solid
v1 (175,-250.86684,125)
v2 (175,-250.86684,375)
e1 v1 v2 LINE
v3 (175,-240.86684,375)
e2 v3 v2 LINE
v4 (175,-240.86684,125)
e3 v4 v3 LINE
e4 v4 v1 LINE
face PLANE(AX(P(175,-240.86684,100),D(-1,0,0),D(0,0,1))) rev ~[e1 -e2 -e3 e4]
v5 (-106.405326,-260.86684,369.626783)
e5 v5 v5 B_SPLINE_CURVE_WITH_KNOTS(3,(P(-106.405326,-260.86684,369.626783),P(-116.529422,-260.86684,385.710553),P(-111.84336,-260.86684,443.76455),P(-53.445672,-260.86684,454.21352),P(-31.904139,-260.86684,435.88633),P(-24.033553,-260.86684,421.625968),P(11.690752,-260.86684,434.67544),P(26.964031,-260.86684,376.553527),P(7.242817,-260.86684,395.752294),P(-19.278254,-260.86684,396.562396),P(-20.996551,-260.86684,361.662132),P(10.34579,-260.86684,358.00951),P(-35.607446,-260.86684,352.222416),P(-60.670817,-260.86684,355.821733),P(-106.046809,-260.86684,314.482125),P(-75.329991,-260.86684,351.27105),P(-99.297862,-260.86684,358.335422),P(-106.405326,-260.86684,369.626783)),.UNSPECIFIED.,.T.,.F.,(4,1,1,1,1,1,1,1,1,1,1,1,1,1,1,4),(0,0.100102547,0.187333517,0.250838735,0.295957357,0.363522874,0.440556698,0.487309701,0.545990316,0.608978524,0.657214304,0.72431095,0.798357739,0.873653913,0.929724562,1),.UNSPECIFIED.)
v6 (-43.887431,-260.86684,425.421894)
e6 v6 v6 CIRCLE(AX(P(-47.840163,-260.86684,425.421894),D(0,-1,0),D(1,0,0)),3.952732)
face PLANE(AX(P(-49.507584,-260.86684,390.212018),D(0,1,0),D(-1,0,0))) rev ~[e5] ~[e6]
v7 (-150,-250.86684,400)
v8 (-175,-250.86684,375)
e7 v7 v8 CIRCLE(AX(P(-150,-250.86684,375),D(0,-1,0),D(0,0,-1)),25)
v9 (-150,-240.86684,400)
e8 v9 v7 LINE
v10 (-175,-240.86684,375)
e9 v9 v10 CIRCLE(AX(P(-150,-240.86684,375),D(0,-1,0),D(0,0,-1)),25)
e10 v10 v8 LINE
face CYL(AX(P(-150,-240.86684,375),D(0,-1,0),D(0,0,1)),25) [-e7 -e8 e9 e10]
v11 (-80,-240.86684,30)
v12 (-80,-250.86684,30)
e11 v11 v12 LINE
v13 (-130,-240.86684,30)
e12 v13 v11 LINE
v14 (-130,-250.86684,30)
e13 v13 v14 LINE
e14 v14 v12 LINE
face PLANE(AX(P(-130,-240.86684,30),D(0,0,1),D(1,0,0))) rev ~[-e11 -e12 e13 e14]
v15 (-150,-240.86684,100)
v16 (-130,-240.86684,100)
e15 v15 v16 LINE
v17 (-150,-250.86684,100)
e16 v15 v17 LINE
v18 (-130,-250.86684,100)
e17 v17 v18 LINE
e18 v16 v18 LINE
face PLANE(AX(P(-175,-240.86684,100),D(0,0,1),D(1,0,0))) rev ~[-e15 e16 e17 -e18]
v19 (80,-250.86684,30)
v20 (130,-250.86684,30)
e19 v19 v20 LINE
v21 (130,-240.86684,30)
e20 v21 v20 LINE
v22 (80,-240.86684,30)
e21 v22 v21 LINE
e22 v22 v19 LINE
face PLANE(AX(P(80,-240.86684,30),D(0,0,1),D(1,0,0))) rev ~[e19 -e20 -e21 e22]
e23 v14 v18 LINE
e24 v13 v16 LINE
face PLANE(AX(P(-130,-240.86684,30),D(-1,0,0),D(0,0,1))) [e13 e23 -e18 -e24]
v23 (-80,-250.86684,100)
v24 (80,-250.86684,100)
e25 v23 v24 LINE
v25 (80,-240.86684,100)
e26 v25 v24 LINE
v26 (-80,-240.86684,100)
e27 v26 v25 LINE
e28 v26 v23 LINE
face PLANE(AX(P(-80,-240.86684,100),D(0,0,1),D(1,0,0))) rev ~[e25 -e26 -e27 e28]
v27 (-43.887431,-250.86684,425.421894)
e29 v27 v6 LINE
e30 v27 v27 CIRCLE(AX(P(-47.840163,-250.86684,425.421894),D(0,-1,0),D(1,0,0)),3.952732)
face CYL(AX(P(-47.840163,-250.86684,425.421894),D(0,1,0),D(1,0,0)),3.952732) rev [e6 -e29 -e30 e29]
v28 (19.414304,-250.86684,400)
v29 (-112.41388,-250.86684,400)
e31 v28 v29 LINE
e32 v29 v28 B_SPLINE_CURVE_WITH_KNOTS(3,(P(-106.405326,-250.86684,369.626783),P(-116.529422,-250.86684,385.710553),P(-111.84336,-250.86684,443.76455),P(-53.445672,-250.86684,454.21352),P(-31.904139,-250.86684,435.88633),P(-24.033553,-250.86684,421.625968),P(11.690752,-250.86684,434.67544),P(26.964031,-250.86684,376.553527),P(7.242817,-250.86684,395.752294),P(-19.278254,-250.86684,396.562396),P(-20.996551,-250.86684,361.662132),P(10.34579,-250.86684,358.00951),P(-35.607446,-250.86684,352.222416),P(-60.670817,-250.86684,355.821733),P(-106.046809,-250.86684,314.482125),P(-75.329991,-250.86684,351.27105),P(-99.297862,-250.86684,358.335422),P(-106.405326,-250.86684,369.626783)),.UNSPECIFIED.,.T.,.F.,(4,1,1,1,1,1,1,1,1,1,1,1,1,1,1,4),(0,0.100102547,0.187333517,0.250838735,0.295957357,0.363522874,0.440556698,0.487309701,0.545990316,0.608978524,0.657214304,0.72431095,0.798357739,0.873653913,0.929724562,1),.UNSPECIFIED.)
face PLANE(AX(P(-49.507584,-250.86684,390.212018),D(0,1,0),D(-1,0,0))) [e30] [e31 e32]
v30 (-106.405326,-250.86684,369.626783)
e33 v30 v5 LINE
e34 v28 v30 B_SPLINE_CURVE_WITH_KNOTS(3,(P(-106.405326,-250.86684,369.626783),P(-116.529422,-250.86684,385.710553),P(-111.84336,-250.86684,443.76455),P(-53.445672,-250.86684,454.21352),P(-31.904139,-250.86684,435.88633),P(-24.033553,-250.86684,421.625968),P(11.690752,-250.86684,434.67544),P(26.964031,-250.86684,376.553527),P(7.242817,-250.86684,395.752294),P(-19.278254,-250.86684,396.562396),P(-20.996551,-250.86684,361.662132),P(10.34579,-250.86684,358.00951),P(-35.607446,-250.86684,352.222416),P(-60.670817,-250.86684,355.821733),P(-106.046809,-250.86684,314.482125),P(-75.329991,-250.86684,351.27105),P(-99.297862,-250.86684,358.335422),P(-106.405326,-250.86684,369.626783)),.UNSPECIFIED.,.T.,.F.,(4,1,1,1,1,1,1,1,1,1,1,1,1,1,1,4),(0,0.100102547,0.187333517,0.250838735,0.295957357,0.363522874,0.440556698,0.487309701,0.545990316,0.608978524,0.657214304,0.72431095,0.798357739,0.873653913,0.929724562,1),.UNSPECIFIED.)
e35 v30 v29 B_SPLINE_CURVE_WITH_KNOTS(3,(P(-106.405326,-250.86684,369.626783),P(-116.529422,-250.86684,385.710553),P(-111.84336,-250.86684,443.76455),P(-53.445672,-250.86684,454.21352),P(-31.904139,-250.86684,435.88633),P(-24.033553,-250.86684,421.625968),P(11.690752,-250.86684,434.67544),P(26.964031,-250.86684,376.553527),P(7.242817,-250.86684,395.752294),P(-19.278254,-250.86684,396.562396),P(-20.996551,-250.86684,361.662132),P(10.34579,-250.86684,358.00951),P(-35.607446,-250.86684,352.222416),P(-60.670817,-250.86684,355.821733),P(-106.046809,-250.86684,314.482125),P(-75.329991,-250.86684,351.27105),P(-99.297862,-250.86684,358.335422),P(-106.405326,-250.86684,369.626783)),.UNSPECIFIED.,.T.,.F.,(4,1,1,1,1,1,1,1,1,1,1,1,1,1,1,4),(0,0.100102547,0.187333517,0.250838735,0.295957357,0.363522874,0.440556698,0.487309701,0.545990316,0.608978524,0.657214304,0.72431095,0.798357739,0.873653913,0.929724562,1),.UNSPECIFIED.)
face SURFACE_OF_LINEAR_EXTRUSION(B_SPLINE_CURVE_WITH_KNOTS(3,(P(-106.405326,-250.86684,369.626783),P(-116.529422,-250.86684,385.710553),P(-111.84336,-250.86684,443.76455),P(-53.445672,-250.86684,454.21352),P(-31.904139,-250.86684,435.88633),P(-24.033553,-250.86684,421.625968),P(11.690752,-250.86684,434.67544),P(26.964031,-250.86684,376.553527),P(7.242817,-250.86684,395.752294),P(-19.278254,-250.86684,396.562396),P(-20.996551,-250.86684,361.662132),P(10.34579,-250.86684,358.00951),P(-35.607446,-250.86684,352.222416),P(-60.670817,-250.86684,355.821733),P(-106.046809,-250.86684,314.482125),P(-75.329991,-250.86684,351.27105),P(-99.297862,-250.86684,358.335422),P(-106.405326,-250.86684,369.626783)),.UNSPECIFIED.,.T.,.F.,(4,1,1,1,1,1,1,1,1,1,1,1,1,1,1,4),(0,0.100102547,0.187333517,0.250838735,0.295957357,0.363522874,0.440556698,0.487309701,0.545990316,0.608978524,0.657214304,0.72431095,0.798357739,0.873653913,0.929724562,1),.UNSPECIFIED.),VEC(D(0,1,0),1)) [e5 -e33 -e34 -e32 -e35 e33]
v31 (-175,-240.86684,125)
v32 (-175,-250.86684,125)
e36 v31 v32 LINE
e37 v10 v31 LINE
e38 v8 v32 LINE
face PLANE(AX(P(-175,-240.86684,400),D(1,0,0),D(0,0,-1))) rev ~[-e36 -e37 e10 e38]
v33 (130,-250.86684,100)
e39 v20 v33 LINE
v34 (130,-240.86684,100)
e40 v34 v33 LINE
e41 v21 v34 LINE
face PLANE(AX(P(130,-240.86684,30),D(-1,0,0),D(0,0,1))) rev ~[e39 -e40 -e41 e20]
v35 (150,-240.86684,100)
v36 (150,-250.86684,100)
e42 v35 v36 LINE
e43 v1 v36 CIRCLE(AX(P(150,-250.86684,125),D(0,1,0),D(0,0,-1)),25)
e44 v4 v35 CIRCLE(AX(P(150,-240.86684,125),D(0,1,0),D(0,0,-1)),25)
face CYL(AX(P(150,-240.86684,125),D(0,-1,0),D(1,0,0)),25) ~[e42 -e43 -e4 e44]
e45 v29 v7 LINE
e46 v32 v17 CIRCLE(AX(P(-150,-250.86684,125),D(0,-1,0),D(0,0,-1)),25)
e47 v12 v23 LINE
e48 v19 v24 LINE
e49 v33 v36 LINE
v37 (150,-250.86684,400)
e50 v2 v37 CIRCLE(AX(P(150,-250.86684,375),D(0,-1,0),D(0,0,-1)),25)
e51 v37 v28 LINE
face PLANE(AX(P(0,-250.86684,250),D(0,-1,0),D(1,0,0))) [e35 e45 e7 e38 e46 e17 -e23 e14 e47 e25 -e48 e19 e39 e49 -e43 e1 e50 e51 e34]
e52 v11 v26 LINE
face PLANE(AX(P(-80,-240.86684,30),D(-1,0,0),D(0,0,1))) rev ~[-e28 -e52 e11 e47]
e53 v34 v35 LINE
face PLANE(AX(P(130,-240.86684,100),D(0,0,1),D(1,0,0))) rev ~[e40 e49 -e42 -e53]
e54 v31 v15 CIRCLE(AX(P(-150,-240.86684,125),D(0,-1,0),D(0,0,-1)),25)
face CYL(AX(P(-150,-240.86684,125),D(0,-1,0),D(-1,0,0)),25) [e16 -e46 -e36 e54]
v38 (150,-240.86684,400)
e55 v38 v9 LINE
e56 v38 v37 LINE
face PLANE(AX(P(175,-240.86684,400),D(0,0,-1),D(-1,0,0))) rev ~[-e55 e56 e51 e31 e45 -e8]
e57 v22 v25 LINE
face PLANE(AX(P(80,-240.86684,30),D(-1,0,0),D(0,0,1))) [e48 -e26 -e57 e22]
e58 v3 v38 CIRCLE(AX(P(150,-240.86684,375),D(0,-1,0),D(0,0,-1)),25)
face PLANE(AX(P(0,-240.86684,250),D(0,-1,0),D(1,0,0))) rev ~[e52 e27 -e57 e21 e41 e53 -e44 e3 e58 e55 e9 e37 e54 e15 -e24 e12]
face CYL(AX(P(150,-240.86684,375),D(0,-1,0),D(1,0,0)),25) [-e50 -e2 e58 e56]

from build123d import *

# Parameters (mm, degrees)
F1_W     = 50
F1_H     = 70
F2_DEPTH = 10
F3_R     = 25
F4_R     = 3.9527319646
F5_DEPTH = 10


with BuildPart() as f2:
    # F1 (on offset) → F2 (new body)
    with BuildSketch(Plane.XZ.offset(240.86684)):
        Polygon((130, 100), (175, 100), (175, 400), (-175, 400), (-175, 100), (-130, 100), (-80, 100), (80, 100), align=None)
        with Locations((105, 65)):
            Rectangle(F1_W, F1_H)
        with Locations((-105, 65)):
            Rectangle(F1_W, F1_H)
    extrude(amount=F2_DEPTH)

    # F3
    f3_edges = [f2.edges().sort_by_distance(p)[0] for p in [
        (-175, -245.86684, 400),
        (175, -245.86684, 400),
        (175, -245.86684, 100),
        (-175, -245.86684, 100),
    ]]
    fillet(f3_edges, radius=F3_R)

    # F4 (on face) → F5 (join)
    with BuildSketch(Plane.XZ.offset(250.86684)):
        with BuildLine():
            add(Edge.make_bspline(
                [(-106.4053260336, 369.6267831618), (-116.5294216486, 385.7105531731), (-111.8433600419, 443.7645498422), (-53.4456719271, 454.2135198626), (-31.9041387158, 435.8863296302), (-24.0335530968, 421.6259684469), (11.6907515364, 434.6754396446), (26.9640306209, 376.5535271052), (7.2428167344, 395.7522940928), (-19.2782535926, 396.5623960806), (-20.9965512644, 361.6621321272), (10.3457900586, 358.0095102067), (-35.6074460072, 352.2224158565), (-60.6708170695, 355.8217329897), (-106.0468089127, 314.4821247585), (-75.3299910913, 351.271050391), (-99.2978619343, 358.335422206), (-106.4053260336, 369.6267831618)],
                knots=[0, 0, 0, 0, 0.1001025468, 0.1873335166, 0.250838735, 0.2959573572, 0.3635228741, 0.4405566981, 0.4873097006, 0.5459903161, 0.608978524, 0.6572143042, 0.7243109501, 0.7983577395, 0.8736539125, 0.9297245616, 1, 1, 1, 1], degree=3))
        make_face()
        with Locations((-47.8401631117, 425.4218935966)):
            Circle(F4_R, mode=Mode.SUBTRACT)
    extrude(amount=F5_DEPTH)


solid = f2.part
